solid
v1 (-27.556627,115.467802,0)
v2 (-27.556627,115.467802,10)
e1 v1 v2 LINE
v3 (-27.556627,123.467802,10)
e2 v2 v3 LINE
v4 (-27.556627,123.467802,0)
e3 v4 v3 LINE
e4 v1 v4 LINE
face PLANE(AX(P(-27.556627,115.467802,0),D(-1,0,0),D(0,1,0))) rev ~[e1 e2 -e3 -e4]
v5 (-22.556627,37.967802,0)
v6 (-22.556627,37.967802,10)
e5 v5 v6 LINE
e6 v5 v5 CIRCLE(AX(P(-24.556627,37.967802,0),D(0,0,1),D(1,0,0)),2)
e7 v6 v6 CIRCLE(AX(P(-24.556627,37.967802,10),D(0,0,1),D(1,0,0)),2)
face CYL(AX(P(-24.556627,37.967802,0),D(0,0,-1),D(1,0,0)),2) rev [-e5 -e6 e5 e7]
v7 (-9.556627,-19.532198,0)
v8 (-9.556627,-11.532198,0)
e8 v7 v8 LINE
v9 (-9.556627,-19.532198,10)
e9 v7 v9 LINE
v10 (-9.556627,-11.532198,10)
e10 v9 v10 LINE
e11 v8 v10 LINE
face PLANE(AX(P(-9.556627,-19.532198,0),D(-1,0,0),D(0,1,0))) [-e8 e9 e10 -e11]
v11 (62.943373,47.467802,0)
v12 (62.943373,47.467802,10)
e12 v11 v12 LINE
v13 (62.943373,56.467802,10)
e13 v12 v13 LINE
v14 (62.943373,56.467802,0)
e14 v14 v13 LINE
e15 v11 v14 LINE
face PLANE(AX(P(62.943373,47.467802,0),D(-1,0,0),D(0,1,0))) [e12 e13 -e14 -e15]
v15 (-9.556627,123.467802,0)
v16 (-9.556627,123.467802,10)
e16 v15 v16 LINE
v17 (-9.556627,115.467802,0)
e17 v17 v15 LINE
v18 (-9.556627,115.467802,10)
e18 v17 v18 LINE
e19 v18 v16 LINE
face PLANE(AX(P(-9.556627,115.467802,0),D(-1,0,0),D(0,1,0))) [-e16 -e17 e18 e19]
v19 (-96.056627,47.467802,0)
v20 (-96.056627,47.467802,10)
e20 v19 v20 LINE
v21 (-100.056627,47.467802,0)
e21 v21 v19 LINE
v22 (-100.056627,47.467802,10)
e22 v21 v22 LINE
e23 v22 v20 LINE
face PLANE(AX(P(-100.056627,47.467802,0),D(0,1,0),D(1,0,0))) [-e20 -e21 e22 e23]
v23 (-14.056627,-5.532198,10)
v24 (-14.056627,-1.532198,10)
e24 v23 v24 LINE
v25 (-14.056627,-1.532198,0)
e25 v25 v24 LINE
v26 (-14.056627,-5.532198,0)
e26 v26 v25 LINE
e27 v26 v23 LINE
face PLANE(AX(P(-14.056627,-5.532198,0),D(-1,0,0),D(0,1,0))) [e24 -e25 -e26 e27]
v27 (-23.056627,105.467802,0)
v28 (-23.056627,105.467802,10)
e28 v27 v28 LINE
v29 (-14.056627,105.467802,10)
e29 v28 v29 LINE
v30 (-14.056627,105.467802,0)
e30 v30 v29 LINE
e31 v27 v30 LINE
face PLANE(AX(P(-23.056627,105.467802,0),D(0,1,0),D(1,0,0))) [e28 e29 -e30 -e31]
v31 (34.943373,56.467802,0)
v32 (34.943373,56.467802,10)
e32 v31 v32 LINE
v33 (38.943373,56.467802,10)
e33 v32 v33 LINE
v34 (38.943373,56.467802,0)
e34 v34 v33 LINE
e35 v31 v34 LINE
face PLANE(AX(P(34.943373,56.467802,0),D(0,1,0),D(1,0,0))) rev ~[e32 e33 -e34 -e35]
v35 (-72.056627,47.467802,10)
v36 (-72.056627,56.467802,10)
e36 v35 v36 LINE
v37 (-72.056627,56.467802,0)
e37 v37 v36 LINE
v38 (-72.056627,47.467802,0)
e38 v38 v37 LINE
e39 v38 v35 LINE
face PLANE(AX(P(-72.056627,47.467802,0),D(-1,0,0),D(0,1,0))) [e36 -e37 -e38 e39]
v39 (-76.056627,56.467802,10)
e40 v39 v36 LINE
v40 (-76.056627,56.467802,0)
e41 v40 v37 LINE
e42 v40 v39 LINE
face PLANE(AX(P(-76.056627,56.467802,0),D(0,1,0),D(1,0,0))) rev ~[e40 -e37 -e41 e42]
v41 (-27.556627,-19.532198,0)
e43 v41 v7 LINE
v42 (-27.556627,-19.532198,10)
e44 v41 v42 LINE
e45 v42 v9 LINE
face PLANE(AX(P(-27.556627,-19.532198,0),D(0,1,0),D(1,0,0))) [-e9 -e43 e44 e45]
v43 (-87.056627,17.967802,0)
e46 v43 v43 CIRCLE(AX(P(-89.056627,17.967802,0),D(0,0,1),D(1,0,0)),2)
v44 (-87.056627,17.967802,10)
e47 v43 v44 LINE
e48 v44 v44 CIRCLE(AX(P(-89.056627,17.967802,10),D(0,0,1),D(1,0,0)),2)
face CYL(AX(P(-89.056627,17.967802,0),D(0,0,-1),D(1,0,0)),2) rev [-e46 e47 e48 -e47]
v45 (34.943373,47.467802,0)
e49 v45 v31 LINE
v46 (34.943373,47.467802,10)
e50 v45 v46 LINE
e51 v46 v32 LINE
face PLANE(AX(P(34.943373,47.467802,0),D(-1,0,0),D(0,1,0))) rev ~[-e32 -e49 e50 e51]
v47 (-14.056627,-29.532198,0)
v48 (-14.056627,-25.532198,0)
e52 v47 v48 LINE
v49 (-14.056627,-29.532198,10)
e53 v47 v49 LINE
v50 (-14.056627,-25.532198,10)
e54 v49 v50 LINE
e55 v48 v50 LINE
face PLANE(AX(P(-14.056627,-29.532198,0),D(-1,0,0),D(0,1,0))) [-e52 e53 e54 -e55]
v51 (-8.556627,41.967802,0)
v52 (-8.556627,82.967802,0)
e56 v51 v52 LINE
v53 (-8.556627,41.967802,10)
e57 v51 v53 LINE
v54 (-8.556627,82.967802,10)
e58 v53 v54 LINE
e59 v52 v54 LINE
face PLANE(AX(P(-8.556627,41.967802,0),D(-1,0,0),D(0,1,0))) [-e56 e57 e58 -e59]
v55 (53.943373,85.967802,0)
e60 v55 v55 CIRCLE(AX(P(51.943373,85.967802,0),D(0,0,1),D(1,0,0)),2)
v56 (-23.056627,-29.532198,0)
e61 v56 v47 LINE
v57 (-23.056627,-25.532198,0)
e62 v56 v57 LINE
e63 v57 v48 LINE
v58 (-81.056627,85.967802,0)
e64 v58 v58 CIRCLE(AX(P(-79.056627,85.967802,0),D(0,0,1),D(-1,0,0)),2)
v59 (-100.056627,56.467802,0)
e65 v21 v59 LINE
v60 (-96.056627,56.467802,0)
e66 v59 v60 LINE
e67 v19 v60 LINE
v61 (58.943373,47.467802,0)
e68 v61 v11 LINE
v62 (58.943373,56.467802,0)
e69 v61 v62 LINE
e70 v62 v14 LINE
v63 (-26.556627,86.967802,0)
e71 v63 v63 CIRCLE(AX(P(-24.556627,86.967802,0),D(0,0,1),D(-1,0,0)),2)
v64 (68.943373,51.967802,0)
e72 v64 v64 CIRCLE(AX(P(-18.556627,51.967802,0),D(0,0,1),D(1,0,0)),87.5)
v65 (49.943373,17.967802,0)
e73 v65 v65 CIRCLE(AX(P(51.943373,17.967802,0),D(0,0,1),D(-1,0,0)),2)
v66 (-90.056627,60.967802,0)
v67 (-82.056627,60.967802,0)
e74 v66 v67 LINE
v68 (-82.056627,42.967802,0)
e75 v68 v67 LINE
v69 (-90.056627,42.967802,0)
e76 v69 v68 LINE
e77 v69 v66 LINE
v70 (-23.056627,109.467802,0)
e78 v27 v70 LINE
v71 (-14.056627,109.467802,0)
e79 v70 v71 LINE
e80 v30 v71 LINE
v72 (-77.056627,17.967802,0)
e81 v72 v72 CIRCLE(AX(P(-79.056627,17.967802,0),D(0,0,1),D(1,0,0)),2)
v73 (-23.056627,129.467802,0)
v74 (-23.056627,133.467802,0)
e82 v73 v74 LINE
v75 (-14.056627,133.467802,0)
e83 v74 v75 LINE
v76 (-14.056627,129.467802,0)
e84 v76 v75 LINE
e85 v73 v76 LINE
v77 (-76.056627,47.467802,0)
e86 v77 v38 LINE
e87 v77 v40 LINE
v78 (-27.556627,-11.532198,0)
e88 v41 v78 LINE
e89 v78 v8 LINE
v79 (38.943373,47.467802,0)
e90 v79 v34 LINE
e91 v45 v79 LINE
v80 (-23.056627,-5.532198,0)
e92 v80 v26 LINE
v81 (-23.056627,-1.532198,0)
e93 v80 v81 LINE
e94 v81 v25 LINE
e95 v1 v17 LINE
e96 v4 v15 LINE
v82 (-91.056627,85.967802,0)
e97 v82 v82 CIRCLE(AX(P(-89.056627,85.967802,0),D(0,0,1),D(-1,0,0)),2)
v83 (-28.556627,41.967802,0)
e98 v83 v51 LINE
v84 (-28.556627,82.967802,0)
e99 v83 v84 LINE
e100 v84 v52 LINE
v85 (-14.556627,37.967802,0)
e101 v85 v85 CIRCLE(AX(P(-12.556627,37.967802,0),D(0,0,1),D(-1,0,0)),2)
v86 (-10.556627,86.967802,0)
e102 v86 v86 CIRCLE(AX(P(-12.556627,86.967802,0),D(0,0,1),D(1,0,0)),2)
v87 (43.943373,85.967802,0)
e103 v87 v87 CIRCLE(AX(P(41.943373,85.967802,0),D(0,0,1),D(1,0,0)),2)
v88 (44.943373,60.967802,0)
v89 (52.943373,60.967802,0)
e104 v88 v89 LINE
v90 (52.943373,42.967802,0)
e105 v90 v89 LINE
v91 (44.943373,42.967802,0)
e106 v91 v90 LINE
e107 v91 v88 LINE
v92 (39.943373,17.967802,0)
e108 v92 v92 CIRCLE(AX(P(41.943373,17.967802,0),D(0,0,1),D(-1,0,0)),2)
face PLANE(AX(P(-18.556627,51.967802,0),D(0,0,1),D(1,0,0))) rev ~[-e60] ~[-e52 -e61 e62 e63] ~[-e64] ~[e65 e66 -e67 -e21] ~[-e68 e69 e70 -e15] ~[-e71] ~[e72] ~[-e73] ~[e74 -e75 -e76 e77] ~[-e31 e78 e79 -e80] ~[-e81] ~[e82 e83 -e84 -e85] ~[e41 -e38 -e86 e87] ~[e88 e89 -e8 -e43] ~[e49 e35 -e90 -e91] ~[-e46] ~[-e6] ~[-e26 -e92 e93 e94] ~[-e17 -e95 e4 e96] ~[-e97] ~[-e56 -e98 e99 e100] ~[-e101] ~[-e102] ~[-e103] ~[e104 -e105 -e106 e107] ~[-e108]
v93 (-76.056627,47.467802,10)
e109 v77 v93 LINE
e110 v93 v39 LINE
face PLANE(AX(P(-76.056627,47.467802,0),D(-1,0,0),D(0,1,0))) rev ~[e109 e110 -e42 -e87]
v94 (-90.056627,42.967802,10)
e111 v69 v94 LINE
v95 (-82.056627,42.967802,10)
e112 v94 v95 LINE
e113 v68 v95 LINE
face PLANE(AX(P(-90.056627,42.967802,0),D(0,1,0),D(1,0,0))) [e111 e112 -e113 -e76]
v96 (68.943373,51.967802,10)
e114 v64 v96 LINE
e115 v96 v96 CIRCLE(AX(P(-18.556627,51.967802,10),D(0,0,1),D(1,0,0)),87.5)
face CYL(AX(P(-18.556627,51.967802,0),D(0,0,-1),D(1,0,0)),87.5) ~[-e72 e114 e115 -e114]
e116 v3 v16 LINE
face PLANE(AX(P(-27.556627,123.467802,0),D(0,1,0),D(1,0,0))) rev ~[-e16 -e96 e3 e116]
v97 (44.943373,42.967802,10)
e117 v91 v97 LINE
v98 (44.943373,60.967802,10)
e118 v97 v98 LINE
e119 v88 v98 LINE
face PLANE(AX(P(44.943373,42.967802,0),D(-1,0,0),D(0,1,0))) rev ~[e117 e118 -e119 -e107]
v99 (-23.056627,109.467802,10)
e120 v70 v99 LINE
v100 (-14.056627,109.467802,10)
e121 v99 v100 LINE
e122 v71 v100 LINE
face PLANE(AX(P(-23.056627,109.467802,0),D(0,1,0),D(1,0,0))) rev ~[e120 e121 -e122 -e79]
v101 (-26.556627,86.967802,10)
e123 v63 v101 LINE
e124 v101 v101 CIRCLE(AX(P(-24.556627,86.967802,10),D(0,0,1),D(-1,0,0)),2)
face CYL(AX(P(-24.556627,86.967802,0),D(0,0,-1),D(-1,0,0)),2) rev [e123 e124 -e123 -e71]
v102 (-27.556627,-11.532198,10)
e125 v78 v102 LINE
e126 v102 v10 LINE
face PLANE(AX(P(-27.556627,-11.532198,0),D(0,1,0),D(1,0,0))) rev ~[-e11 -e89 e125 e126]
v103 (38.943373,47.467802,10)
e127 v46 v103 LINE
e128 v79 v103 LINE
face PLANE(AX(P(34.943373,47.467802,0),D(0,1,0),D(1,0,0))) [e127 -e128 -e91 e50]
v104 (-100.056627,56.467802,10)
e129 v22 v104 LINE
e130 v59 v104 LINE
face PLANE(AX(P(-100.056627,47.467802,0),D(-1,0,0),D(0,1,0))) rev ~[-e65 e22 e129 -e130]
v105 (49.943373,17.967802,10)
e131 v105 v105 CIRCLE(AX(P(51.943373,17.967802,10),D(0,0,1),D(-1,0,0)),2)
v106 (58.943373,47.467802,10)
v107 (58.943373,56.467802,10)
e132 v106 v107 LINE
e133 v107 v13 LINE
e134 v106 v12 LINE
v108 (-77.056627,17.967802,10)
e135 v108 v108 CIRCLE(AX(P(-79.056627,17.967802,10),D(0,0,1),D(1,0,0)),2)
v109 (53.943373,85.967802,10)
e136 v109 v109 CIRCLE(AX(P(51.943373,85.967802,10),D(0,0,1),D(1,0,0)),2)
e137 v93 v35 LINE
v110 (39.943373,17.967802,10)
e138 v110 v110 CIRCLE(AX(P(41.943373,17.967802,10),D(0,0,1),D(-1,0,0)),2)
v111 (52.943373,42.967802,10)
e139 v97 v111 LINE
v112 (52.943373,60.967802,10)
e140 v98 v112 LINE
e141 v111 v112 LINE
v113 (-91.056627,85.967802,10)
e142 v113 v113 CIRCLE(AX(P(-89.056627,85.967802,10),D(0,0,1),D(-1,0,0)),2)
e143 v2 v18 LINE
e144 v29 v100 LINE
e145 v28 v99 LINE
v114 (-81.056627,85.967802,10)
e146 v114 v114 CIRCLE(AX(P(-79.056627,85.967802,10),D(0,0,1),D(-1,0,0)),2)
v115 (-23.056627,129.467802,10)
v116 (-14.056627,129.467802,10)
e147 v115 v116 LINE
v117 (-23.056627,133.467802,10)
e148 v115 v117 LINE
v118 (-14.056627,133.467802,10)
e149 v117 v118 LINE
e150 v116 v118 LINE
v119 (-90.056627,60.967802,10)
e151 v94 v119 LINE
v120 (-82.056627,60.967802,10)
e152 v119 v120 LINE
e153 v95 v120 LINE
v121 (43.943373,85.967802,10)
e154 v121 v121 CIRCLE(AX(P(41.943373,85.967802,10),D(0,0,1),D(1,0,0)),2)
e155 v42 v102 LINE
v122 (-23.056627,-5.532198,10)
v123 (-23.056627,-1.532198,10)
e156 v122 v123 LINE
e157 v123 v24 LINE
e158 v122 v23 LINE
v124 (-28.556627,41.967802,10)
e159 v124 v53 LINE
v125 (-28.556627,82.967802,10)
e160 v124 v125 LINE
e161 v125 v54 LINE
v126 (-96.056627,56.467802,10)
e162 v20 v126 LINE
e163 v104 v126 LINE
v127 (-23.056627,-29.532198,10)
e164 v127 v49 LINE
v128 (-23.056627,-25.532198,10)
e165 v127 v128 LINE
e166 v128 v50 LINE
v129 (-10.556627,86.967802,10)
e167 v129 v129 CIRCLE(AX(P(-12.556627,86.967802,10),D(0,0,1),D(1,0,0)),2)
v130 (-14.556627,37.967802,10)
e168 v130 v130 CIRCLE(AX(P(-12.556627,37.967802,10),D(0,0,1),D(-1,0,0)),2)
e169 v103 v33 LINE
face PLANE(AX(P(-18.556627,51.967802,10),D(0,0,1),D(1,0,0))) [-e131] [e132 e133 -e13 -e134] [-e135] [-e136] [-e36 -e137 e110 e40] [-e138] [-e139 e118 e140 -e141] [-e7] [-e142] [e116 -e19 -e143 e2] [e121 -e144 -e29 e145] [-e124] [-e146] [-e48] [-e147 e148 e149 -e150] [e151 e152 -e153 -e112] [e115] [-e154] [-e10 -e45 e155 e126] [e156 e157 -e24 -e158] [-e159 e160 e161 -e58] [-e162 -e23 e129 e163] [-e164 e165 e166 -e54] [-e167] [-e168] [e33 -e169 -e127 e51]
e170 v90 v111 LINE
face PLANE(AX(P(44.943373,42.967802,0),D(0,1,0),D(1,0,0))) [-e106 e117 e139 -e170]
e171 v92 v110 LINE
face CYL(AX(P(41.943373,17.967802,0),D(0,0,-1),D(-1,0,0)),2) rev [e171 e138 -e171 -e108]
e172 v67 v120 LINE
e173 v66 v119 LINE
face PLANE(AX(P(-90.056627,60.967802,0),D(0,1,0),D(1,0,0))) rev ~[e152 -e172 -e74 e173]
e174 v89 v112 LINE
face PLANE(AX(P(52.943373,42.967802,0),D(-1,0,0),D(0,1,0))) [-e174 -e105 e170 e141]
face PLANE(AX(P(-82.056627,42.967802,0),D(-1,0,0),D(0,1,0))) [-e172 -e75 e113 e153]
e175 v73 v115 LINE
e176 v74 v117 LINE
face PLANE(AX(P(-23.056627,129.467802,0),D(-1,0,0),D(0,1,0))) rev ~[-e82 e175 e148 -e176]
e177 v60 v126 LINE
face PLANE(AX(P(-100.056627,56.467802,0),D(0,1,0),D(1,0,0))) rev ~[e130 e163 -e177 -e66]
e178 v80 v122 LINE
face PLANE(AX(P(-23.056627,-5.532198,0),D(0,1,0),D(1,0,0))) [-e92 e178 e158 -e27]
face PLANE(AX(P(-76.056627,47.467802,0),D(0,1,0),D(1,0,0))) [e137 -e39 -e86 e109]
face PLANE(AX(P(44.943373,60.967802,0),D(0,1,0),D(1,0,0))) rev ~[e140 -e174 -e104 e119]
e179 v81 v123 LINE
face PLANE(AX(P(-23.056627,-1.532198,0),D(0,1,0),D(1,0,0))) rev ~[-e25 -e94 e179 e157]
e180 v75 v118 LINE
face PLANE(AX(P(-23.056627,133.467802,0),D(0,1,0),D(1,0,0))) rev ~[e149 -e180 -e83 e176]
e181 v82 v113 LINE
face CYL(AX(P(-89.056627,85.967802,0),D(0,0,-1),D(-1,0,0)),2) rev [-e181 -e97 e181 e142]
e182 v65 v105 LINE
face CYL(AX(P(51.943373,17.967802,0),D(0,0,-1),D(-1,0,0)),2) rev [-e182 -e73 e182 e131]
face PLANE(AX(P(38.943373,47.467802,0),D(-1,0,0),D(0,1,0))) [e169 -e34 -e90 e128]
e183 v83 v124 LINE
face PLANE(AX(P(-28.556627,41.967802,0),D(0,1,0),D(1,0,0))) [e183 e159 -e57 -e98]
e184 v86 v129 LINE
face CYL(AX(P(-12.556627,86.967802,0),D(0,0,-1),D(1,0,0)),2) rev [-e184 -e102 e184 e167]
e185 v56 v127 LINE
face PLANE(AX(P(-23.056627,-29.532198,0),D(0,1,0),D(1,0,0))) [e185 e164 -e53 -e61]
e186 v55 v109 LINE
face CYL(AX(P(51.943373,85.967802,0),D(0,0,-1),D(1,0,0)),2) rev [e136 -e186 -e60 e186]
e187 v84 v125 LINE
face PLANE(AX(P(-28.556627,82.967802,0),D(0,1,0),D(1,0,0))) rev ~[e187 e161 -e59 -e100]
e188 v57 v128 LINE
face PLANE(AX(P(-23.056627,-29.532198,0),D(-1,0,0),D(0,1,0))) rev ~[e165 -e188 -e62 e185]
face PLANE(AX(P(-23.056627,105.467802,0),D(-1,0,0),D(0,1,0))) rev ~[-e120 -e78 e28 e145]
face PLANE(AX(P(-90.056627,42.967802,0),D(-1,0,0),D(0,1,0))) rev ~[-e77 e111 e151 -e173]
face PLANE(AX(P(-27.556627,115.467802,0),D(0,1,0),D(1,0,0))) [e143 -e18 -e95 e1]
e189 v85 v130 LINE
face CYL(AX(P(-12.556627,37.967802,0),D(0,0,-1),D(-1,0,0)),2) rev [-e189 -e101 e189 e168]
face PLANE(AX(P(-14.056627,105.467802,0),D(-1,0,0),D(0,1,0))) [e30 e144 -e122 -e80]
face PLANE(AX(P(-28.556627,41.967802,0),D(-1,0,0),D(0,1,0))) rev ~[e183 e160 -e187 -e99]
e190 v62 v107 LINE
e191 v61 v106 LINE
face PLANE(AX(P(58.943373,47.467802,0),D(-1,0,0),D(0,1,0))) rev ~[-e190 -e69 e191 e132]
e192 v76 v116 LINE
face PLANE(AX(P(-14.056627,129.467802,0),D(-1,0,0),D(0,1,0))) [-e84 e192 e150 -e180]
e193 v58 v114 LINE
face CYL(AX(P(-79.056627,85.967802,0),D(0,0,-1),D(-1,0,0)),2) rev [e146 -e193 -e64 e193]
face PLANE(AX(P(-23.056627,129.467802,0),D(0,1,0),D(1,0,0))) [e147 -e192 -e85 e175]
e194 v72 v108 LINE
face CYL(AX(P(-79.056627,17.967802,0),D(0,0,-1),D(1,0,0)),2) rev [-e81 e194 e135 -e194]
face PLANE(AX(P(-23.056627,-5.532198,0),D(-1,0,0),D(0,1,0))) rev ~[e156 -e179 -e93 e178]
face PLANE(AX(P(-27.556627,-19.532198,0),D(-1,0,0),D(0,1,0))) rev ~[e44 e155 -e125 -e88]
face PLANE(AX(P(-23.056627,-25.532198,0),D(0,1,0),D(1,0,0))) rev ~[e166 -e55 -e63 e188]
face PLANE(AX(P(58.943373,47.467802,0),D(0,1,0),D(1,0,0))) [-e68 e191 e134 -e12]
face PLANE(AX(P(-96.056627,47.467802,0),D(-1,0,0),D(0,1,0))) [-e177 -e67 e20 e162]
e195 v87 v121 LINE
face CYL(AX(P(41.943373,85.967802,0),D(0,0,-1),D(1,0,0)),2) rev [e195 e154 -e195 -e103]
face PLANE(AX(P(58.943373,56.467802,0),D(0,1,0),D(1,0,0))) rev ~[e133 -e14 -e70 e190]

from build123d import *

# Parameters (mm, degrees)
SKETCH1_R           = 87.5
SKETCH1_R_2         = 2
SKETCH1_W           = 20
SKETCH1_H           = 41
SKETCH1_W_2         = 18
SKETCH1_H_2         = 8
SKETCH1_W_3         = 8
SKETCH1_H_3         = 18
SKETCH1_W_4         = 9
SKETCH1_H_4         = 4
SKETCH1_W_5         = 4
SKETCH1_H_5         = 9
BOSS_EXTRUDE2_DEPTH = 10


with BuildPart() as part:
    # Sketch1 → Boss-Extrude2 (new body)
    with BuildSketch(Plane.XY):
        with Locations((-18.556626979, 51.967802173)):
            Circle(SKETCH1_R)
        with Locations((41.943373021, 85.967802173)):
            Circle(SKETCH1_R_2, mode=Mode.SUBTRACT)
        with Locations((51.943373021, 85.967802173)):
            Circle(SKETCH1_R_2, mode=Mode.SUBTRACT)
        with Locations((-12.556626979, 86.967802173)):
            Circle(SKETCH1_R_2, mode=Mode.SUBTRACT)
        with Locations(Location((-24.556626979, 86.967802173, 0), (0, 0, 180))):
            Circle(SKETCH1_R_2, mode=Mode.SUBTRACT)
        with Locations(Location((-12.556626979, 37.967802173, 0), (0, 0, 180))):
            Circle(SKETCH1_R_2, mode=Mode.SUBTRACT)
        with Locations((-24.556626979, 37.967802173)):
            Circle(SKETCH1_R_2, mode=Mode.SUBTRACT)
        with Locations(Location((51.943373021, 17.967802173, 0), (0, 0, 180))):
            Circle(SKETCH1_R_2, mode=Mode.SUBTRACT)
        with Locations(Location((41.943373021, 17.967802173, 0), (0, 0, 180))):
            Circle(SKETCH1_R_2, mode=Mode.SUBTRACT)
        with Locations(Location((-89.056626979, 85.967802173, 0), (0, 0, 180))):
            Circle(SKETCH1_R_2, mode=Mode.SUBTRACT)
        with Locations(Location((-79.056626979, 85.967802173, 0), (0, 0, 180))):
            Circle(SKETCH1_R_2, mode=Mode.SUBTRACT)
        with Locations((-79.056626979, 17.967802173)):
            Circle(SKETCH1_R_2, mode=Mode.SUBTRACT)
        with Locations((-89.056626979, 17.967802173)):
            Circle(SKETCH1_R_2, mode=Mode.SUBTRACT)
        with Locations((-18.556626979, 62.467802173)):
            Rectangle(SKETCH1_W, SKETCH1_H, mode=Mode.SUBTRACT)
        with Locations((-18.556626979, -15.532197827)):
            Rectangle(SKETCH1_W_2, SKETCH1_H_2, mode=Mode.SUBTRACT)
        with Locations((-18.556626979, 119.467802173)):
            Rectangle(SKETCH1_W_2, SKETCH1_H_2, mode=Mode.SUBTRACT)
        with Locations((-86.056626979, 51.967802173)):
            Rectangle(SKETCH1_W_3, SKETCH1_H_3, mode=Mode.SUBTRACT)
        with Locations((48.943373021, 51.967802173)):
            Rectangle(SKETCH1_W_3, SKETCH1_H_3, mode=Mode.SUBTRACT)
        with Locations((-18.556626979, 131.467802173)):
            Rectangle(SKETCH1_W_4, SKETCH1_H_4, mode=Mode.SUBTRACT)
        with Locations((-18.556626979, 107.467802173)):
            Rectangle(SKETCH1_W_4, SKETCH1_H_4, mode=Mode.SUBTRACT)
        with Locations((-18.556626979, -27.532197827)):
            Rectangle(SKETCH1_W_4, SKETCH1_H_4, mode=Mode.SUBTRACT)
        with Locations((-18.556626979, -3.532197827)):
            Rectangle(SKETCH1_W_4, SKETCH1_H_4, mode=Mode.SUBTRACT)
        with Locations((60.943373021, 51.967802173)):
            Rectangle(SKETCH1_W_5, SKETCH1_H_5, mode=Mode.SUBTRACT)
        with Locations((36.943373021, 51.967802173)):
            Rectangle(SKETCH1_W_5, SKETCH1_H_5, mode=Mode.SUBTRACT)
        with Locations((-74.056626979, 51.967802173)):
            Rectangle(SKETCH1_W_5, SKETCH1_H_5, mode=Mode.SUBTRACT)
        with Locations((-98.056626979, 51.967802173)):
            Rectangle(SKETCH1_W_5, SKETCH1_H_5, mode=Mode.SUBTRACT)
    extrude(amount=BOSS_EXTRUDE2_DEPTH)


solid = part.part
